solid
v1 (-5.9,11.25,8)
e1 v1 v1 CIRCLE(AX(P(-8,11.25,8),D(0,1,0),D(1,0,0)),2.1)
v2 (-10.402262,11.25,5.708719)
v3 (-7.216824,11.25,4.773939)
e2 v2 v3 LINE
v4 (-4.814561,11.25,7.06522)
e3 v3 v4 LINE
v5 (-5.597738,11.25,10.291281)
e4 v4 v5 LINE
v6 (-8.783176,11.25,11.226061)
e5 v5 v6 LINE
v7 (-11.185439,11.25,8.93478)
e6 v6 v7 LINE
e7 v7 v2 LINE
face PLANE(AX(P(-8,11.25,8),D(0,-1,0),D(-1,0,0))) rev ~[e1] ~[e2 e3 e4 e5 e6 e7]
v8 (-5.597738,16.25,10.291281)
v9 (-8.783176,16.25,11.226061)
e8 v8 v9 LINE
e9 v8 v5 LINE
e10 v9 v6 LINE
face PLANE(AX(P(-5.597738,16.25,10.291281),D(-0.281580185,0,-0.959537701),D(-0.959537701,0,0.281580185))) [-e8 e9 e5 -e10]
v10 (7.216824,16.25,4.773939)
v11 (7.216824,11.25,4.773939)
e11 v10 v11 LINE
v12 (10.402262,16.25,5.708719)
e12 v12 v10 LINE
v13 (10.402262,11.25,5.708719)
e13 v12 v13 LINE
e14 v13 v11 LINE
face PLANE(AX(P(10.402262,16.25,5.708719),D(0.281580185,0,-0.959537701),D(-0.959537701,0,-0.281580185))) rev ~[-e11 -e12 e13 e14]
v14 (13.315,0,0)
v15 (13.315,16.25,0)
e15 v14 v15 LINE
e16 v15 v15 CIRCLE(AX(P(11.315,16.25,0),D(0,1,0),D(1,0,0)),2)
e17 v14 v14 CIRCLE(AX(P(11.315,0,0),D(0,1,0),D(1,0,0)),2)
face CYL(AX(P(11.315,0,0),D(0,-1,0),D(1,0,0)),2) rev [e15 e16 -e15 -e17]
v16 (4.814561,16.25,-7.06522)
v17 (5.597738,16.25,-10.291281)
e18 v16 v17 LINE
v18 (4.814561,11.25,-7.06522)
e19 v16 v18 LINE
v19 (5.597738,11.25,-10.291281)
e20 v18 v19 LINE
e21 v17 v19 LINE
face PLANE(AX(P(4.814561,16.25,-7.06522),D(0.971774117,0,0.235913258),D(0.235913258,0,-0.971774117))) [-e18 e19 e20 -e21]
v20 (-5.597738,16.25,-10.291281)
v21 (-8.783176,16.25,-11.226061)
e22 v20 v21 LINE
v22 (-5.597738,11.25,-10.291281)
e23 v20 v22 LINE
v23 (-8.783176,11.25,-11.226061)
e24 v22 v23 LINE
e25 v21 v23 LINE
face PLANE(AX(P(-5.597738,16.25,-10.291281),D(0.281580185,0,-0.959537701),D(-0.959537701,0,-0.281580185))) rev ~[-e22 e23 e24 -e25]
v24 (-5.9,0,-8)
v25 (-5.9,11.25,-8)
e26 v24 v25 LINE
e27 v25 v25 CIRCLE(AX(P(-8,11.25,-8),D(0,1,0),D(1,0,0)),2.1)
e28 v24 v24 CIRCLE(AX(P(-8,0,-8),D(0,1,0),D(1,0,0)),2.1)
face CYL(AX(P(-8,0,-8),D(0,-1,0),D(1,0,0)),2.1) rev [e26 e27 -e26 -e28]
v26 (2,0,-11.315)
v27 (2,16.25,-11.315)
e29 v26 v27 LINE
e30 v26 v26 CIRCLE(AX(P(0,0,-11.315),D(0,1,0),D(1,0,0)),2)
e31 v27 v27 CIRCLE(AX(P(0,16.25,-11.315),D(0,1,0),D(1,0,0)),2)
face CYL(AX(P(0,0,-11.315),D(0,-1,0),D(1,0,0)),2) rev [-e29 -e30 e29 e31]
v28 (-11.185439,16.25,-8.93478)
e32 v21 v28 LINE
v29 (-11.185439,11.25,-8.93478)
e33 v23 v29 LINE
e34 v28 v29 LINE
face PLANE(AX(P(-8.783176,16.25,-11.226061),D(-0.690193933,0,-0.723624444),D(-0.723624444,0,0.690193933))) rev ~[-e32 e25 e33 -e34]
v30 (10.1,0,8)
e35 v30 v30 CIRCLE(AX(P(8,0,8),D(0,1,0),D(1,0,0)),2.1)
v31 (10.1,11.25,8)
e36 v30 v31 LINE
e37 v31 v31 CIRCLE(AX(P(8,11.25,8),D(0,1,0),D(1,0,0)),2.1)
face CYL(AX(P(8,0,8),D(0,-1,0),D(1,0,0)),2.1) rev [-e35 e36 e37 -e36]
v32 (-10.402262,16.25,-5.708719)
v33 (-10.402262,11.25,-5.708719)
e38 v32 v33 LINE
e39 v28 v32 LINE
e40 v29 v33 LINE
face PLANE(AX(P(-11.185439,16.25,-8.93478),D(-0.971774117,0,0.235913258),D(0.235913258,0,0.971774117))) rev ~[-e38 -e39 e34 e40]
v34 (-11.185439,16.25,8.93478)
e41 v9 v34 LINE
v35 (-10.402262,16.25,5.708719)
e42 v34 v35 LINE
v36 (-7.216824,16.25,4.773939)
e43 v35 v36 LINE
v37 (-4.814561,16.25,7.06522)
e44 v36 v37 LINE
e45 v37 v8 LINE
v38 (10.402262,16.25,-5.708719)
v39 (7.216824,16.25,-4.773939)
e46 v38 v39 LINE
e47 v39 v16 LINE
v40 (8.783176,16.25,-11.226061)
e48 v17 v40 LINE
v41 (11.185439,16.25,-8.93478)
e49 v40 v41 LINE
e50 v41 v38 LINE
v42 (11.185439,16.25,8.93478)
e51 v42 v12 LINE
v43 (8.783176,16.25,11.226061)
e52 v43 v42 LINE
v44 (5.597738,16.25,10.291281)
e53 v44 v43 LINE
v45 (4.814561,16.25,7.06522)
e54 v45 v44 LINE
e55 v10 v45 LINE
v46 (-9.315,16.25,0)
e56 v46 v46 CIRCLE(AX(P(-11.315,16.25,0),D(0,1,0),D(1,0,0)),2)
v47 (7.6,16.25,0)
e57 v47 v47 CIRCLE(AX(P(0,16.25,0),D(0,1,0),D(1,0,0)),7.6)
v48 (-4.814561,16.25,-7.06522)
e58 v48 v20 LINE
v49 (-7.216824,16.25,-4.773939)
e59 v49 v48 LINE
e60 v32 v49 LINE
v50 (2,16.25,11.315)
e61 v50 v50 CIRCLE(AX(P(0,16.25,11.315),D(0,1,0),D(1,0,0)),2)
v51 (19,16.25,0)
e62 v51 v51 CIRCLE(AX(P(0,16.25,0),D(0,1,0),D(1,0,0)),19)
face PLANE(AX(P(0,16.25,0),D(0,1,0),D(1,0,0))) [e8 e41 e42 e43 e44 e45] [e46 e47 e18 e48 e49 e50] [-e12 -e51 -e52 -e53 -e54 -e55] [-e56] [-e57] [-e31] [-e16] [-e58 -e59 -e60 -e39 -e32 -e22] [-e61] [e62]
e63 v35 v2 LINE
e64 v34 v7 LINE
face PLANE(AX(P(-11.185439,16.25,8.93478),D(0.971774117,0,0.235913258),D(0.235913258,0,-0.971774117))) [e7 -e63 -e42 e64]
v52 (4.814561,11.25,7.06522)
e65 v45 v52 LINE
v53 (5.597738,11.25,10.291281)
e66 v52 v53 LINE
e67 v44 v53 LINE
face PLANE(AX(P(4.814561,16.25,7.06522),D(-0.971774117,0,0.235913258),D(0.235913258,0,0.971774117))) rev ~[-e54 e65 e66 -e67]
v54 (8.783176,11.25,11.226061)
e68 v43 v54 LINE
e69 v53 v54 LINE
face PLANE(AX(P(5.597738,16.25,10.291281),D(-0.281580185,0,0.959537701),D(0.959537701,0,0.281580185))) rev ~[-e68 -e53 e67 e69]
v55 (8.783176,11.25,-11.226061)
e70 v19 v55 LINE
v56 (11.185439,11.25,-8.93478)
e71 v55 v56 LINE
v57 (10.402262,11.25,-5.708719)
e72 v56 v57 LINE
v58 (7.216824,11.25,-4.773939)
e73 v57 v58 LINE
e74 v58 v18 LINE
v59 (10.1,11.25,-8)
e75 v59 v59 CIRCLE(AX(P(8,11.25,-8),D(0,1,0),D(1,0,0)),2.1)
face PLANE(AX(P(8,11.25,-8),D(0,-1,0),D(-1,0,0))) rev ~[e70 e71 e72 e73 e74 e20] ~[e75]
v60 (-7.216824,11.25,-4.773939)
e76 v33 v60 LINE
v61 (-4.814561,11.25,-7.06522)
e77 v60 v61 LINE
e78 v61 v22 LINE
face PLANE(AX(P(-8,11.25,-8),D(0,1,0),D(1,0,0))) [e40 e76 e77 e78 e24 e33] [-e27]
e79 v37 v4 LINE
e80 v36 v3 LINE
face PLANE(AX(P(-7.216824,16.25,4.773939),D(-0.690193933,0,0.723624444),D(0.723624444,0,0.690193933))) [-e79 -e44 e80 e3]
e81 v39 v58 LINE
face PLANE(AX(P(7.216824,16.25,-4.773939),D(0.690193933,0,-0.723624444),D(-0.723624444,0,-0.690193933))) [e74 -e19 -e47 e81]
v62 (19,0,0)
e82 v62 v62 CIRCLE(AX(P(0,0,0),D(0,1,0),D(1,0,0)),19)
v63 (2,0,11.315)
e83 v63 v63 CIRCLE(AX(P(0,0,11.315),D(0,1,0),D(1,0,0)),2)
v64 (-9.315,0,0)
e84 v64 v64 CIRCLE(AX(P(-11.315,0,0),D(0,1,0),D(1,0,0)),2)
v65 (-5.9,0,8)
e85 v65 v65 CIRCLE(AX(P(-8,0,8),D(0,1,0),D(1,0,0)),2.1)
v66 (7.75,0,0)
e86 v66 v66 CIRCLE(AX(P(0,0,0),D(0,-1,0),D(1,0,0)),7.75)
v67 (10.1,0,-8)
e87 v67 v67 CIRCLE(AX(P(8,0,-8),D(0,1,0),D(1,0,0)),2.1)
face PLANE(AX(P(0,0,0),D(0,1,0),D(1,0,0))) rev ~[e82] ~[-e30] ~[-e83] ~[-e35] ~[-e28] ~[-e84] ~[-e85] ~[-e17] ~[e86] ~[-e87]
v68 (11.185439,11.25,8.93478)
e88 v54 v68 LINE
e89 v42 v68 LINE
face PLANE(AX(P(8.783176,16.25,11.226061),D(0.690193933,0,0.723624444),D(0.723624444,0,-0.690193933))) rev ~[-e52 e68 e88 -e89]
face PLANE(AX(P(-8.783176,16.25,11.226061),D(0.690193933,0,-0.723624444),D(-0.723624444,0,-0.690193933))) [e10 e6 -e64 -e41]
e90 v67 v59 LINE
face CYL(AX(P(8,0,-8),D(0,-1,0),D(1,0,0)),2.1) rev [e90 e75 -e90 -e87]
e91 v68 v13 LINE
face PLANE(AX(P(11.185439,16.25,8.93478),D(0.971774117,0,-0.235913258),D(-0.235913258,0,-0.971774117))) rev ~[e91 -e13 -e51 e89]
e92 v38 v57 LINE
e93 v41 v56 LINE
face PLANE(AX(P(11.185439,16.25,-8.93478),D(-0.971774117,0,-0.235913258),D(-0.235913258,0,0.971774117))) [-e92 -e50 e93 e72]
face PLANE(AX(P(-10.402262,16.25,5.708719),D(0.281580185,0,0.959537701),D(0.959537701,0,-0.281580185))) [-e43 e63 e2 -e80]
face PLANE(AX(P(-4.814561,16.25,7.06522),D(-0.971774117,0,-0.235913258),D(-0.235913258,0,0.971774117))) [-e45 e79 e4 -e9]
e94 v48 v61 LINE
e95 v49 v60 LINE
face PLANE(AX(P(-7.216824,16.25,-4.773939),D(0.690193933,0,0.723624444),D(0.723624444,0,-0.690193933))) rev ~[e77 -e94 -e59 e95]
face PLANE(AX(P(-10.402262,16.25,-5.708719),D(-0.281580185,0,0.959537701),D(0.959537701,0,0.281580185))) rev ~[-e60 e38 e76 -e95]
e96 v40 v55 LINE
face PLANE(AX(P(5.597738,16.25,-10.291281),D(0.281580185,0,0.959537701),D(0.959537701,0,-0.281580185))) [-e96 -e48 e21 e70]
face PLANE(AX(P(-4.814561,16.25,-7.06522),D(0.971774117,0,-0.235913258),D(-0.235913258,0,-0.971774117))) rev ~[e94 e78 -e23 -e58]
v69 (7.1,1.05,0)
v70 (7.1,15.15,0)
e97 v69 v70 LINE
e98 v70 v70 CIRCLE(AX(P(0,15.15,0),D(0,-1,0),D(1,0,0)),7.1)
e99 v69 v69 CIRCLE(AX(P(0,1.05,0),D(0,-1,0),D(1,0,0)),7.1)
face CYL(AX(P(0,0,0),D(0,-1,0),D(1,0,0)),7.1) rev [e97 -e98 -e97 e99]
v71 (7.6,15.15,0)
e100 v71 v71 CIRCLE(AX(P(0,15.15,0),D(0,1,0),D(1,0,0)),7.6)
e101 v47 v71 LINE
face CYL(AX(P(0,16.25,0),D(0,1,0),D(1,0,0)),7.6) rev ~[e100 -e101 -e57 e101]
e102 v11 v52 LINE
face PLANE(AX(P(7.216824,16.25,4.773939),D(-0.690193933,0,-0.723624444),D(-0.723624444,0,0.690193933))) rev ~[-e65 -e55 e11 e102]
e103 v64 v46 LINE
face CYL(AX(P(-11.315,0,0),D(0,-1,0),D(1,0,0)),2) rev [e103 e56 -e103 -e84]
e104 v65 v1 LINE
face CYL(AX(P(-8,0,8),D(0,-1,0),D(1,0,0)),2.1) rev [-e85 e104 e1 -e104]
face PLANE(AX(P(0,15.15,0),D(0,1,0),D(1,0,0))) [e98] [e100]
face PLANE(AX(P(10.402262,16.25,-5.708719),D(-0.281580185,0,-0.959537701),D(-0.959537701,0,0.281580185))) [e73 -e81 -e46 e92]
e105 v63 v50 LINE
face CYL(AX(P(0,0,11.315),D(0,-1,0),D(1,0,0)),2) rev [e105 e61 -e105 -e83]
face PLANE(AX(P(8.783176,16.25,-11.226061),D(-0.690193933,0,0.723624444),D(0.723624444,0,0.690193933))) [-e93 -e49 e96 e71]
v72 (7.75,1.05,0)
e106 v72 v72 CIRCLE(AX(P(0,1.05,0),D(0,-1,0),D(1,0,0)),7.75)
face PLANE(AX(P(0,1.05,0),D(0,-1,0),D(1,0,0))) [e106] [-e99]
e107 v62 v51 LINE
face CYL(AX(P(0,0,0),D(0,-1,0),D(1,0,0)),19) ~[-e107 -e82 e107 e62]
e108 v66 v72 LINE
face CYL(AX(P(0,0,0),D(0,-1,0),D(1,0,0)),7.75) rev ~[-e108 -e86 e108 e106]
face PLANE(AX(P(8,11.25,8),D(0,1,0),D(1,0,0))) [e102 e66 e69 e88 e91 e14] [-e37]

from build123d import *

# Parameters (mm, degrees)
SKETCH1_R           = 19
SKETCH1_R_2         = 2.1
SKETCH1_R_3         = 7.1
SKETCH1_R_4         = 2
BOSS_EXTRUDE1_DEPTH = 16.25
SKETCH2_R           = 7.6
CUT_EXTRUDE1_DEPTH  = 1.1
SKETCH3_R           = 7.75
CUT_EXTRUDE2_DEPTH  = 1.05
SKETCH4_R           = 2.1
CUT_EXTRUDE3_DEPTH  = 5


with BuildPart() as part:
    # Sketch1 → Boss-Extrude1 (new body)
    with BuildSketch(Plane(origin=(0, 0, 0), x_dir=(1, 0, 0), z_dir=(0, 1, 0))):
        Circle(SKETCH1_R)
        with Locations((-8, 8)):
            Circle(SKETCH1_R_2, mode=Mode.SUBTRACT)
        with Locations((-8, -8)):
            Circle(SKETCH1_R_2, mode=Mode.SUBTRACT)
        with Locations((8, 8)):
            Circle(SKETCH1_R_2, mode=Mode.SUBTRACT)
        with Locations((8, -8)):
            Circle(SKETCH1_R_2, mode=Mode.SUBTRACT)
        Circle(SKETCH1_R_3, mode=Mode.SUBTRACT)
        with Locations((0, 11.315)):
            Circle(SKETCH1_R_4, mode=Mode.SUBTRACT)
        with Locations((11.315, 0)):
            Circle(SKETCH1_R_4, mode=Mode.SUBTRACT)
        with Locations((0, -11.315)):
            Circle(SKETCH1_R_4, mode=Mode.SUBTRACT)
        with Locations((-11.315, 0)):
            Circle(SKETCH1_R_4, mode=Mode.SUBTRACT)
    extrude(amount=BOSS_EXTRUDE1_DEPTH)

    # Sketch2 → Cut-Extrude1 (cut)
    with BuildSketch(Plane(origin=(0, 16.25, 0), x_dir=(1, 0, 0), z_dir=(0, 1, 0))):
        Circle(SKETCH2_R)
    extrude(amount=-CUT_EXTRUDE1_DEPTH, mode=Mode.SUBTRACT)

    # Sketch3 → Cut-Extrude2 (cut)
    with BuildSketch(Plane.XZ):
        Circle(SKETCH3_R)
    extrude(amount=-CUT_EXTRUDE2_DEPTH, mode=Mode.SUBTRACT)

    # Sketch4 → Cut-Extrude3 (cut)
    with BuildSketch(Plane(origin=(0, 16.25, 0), x_dir=(1, 0, 0), z_dir=(0, 1, 0))):
        Polygon((-11.185438763, 8.934779773), (-10.402262411, 5.708718996), (-7.216823649, 4.773939223), (-4.814561237, 7.065220227), (-5.597737589, 10.291281004), (-8.783176351, 11.226060777), align=None)
        with Locations((-8, 8)):
            Circle(SKETCH4_R, mode=Mode.SUBTRACT)
        Polygon((7.216823649, 4.773939223), (4.814561237, 7.065220227), (5.597737589, 10.291281004), (8.783176351, 11.226060777), (11.185438763, 8.934779773), (10.402262411, 5.708718996), align=None)
        with Locations((8, 8)):
            Circle(SKETCH4_R, mode=Mode.SUBTRACT)
        Polygon((-7.216823649, -4.773939223), (-4.814561237, -7.065220227), (-5.597737589, -10.291281004), (-8.783176351, -11.226060777), (-11.185438763, -8.934779773), (-10.402262411, -5.708718996), align=None)
        with Locations((-8, -8)):
            Circle(SKETCH4_R, mode=Mode.SUBTRACT)
        Polygon((11.185438763, -8.934779773), (10.402262411, -5.708718996), (7.216823649, -4.773939223), (4.814561237, -7.065220227), (5.597737589, -10.291281004), (8.783176351, -11.226060777), align=None)
        with Locations((8, -8)):
            Circle(SKETCH4_R, mode=Mode.SUBTRACT)
    extrude(amount=-CUT_EXTRUDE3_DEPTH, mode=Mode.SUBTRACT)


solid = part.part
